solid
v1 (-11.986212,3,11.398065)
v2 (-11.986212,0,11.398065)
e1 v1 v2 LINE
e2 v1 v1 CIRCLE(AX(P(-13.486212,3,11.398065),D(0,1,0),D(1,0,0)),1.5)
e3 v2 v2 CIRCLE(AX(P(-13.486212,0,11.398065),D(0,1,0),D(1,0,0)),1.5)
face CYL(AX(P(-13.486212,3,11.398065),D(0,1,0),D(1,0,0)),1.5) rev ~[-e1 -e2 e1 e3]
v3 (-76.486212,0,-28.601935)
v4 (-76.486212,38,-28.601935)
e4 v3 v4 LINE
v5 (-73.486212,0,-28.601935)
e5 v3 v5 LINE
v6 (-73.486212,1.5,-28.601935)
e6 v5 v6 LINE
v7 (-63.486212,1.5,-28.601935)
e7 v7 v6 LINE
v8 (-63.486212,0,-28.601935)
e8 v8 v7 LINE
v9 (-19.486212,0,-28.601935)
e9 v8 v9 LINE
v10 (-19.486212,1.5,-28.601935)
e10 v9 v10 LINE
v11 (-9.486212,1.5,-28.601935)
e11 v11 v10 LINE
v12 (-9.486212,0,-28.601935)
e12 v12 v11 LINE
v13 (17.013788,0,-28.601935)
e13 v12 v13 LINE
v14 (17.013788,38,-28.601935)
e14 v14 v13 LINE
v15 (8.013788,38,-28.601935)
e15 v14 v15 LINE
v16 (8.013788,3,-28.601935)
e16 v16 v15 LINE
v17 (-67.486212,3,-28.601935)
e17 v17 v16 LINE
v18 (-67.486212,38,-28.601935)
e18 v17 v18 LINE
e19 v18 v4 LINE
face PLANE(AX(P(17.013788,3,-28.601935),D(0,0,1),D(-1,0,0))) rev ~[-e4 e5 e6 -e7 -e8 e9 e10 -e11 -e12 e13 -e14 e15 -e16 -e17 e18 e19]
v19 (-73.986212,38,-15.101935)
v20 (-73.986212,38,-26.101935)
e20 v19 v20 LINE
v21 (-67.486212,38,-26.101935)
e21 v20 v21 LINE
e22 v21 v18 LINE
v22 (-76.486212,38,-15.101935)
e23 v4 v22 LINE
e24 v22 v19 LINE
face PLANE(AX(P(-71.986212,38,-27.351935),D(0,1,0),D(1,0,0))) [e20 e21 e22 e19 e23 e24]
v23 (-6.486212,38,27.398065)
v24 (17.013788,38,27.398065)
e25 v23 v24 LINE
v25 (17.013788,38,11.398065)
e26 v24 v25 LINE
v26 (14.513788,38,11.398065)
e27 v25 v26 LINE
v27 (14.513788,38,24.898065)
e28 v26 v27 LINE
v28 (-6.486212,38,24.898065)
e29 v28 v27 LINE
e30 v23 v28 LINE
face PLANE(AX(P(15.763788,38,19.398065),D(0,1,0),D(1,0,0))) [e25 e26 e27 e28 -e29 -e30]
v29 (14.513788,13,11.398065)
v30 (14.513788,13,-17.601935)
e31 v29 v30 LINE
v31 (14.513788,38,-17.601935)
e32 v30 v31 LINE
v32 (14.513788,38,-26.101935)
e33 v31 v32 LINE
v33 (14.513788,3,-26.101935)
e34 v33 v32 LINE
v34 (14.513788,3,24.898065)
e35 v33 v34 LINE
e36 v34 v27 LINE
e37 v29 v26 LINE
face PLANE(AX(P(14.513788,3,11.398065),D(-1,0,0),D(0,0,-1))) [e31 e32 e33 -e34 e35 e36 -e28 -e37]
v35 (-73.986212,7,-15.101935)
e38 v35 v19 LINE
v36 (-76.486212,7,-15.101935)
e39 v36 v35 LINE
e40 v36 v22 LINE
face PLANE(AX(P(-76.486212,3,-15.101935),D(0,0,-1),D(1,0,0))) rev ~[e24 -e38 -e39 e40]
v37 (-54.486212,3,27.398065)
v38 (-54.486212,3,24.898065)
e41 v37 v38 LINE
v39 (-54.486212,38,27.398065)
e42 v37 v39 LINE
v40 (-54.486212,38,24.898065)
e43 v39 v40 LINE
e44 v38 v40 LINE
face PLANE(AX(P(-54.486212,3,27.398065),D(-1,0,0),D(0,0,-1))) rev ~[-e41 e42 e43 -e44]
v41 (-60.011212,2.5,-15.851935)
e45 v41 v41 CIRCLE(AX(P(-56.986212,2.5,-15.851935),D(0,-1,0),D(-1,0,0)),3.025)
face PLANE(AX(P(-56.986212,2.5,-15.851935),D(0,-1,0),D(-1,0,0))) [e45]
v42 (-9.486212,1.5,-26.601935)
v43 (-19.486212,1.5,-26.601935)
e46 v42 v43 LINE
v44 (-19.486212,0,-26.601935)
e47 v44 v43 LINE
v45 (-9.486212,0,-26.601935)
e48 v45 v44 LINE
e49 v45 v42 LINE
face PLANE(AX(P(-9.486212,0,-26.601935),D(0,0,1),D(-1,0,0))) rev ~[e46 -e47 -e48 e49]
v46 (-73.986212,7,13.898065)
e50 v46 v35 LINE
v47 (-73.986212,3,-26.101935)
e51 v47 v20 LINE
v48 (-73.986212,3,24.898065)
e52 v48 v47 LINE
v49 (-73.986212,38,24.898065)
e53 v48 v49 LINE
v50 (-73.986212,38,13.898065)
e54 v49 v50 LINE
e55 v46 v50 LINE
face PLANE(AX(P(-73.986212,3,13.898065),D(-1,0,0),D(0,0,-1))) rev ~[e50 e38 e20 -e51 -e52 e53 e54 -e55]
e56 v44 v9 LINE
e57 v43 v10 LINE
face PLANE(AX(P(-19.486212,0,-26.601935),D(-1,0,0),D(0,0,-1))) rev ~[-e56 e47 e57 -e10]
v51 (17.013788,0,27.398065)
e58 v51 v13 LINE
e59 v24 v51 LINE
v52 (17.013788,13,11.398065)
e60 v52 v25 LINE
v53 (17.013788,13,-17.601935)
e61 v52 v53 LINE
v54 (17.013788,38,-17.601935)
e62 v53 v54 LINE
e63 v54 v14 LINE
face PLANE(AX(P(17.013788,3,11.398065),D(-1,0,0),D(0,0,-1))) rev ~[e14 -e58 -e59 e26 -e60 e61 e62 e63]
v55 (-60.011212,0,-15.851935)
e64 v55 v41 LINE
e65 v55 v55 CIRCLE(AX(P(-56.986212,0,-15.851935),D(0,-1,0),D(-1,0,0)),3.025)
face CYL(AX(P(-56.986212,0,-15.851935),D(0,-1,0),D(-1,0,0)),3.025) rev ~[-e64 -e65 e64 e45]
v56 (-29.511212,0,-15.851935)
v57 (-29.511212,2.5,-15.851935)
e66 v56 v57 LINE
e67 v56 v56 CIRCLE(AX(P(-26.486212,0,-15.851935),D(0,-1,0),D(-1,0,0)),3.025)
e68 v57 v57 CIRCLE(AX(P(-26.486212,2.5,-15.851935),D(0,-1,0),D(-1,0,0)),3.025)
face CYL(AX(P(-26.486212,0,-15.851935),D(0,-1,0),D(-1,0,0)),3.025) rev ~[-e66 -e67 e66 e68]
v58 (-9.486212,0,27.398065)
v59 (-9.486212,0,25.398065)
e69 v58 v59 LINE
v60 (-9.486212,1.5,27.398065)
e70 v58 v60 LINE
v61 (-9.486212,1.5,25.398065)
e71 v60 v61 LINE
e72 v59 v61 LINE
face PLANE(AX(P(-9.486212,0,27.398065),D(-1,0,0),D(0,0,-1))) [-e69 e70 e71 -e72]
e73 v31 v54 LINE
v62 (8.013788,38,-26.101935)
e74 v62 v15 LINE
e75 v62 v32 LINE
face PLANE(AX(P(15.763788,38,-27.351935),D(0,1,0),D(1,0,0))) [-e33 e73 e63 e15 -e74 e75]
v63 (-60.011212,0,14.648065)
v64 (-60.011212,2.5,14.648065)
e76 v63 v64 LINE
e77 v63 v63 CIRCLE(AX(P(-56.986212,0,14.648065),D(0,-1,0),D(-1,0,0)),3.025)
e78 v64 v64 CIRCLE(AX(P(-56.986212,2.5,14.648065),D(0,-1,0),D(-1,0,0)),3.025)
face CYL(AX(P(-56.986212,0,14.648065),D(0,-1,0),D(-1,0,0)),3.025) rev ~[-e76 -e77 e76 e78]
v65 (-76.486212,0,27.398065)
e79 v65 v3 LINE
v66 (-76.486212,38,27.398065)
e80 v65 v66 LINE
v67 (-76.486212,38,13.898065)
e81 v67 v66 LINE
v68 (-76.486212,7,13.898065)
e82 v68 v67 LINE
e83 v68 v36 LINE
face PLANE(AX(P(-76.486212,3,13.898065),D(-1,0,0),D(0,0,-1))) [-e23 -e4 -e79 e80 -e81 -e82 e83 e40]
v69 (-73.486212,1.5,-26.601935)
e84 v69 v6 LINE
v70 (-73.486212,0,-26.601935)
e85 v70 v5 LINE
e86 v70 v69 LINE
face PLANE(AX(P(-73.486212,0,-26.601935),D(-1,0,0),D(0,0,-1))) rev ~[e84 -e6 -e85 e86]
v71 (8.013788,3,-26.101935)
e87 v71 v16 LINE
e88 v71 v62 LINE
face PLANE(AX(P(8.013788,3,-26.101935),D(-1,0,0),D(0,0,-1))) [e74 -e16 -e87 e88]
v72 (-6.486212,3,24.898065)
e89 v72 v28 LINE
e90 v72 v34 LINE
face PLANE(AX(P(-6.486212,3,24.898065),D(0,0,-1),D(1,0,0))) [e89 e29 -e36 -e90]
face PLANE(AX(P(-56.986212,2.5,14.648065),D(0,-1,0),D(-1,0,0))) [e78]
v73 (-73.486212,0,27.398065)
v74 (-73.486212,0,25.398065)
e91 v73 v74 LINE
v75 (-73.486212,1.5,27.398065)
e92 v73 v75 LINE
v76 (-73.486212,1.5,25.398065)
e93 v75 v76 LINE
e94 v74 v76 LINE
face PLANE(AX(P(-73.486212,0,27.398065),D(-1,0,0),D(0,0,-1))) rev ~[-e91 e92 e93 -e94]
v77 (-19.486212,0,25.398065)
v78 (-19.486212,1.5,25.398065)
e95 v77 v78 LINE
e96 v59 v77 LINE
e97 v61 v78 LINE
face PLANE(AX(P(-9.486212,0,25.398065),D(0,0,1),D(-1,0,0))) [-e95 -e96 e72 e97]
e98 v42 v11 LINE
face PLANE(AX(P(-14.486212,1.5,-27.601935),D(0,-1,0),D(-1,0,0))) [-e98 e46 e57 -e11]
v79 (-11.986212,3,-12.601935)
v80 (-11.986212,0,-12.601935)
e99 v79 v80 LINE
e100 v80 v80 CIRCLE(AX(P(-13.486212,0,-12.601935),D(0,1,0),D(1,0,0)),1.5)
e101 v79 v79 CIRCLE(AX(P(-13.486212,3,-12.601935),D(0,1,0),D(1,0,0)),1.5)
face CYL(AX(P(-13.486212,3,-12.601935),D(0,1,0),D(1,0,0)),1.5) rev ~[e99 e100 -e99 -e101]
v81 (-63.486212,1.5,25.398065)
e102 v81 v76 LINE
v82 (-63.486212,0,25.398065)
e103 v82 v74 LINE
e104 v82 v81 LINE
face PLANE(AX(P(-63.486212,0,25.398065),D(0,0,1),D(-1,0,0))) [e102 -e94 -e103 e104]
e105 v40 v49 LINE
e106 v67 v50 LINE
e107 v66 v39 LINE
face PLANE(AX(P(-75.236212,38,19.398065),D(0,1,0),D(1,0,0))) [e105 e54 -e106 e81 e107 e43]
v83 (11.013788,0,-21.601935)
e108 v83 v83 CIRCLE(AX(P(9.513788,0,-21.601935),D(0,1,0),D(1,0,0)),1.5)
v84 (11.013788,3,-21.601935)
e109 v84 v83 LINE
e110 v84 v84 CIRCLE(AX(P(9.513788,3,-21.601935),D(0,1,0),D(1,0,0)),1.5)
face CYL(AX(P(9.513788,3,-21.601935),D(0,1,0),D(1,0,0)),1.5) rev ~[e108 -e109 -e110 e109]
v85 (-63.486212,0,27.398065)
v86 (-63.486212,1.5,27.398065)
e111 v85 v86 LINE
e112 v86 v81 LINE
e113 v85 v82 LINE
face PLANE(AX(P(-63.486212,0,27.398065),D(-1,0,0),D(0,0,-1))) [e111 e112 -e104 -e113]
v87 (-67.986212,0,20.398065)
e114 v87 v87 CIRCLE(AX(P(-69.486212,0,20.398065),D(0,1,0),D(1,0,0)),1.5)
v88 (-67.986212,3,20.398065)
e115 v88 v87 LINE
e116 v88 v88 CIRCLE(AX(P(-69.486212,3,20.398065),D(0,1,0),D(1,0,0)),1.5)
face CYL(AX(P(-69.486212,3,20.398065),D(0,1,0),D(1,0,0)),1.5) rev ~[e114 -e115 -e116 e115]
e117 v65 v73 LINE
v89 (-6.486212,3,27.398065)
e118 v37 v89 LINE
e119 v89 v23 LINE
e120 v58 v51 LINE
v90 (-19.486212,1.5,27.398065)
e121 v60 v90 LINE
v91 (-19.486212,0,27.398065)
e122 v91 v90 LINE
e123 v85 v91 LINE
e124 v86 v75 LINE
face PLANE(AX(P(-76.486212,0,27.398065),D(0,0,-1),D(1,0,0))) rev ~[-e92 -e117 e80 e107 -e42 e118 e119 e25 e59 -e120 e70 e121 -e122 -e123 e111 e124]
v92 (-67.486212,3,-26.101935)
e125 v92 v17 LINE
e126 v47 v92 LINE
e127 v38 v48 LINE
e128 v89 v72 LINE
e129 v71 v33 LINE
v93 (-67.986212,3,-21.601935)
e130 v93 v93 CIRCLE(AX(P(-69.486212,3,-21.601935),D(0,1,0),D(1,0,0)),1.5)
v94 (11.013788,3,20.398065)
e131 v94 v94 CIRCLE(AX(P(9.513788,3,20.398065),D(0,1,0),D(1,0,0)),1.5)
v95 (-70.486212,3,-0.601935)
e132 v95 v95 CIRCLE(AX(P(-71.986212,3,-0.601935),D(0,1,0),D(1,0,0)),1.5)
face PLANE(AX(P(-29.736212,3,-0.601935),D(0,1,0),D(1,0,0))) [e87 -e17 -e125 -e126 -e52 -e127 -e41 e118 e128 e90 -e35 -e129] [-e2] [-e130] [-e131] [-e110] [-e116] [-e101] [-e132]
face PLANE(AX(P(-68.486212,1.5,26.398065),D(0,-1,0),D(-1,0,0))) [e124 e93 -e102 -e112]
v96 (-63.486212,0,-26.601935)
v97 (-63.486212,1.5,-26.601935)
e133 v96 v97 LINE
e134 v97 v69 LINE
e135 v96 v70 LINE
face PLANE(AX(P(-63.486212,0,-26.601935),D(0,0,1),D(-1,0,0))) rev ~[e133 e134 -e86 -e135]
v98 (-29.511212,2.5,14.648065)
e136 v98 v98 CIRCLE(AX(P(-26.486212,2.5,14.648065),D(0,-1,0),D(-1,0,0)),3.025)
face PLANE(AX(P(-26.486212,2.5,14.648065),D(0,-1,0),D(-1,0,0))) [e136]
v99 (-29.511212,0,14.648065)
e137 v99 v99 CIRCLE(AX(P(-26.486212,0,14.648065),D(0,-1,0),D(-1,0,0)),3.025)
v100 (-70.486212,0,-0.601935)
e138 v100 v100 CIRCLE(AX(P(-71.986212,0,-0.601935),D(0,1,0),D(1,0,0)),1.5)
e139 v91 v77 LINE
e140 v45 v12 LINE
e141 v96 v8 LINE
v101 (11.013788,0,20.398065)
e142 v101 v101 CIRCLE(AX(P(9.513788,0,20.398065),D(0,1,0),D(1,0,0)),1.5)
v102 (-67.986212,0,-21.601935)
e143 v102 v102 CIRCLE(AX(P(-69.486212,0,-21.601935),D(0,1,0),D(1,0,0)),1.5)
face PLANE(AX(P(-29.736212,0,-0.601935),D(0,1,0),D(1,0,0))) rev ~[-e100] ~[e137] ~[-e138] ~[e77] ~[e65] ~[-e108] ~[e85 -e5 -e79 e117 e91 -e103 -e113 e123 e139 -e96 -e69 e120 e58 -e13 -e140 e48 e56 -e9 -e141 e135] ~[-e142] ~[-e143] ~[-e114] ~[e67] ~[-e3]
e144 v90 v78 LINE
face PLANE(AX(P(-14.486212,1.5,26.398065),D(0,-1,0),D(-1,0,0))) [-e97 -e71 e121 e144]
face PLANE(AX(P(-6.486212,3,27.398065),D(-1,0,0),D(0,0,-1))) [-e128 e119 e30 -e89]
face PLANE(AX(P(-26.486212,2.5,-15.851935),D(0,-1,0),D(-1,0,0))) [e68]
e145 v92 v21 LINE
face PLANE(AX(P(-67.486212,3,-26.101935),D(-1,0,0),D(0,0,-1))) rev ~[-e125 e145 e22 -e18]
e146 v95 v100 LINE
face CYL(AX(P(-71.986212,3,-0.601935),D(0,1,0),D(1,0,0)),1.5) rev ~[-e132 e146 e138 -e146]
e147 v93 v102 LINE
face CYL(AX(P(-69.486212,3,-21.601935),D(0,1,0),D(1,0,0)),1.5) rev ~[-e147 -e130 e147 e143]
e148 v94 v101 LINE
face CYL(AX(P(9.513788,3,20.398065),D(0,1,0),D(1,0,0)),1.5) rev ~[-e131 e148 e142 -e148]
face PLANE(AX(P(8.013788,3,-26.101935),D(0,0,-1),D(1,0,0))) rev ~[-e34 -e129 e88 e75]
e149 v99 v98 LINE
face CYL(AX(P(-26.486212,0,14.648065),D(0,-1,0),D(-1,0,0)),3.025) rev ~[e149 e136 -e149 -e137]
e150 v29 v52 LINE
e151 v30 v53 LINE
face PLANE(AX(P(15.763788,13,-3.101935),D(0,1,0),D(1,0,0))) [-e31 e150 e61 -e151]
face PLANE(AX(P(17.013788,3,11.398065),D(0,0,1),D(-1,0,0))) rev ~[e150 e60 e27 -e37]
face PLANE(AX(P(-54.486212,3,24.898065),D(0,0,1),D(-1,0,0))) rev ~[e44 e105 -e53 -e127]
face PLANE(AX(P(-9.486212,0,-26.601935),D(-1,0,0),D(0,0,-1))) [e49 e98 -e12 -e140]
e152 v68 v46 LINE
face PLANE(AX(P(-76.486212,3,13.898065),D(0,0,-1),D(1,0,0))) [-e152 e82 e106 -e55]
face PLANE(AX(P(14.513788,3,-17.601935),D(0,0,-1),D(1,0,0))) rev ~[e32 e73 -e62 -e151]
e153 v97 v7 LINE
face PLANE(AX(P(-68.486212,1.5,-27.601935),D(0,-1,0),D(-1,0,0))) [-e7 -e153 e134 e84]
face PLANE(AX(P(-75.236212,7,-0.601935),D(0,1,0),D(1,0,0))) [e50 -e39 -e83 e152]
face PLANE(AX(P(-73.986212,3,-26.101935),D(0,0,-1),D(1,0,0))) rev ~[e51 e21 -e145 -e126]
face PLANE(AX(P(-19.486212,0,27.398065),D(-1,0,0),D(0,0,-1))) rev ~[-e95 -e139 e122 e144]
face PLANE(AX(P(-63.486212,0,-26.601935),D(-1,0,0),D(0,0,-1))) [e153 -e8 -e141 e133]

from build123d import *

# Parameters (mm, degrees)
SKETCH2_W           = 93.5
SKETCH2_H           = 56
BOSS_EXTRUDE1_DEPTH = 3
SKETCH3_R           = 1.5
CUT_EXTRUDE5_DEPTH  = 4
SKETCH5_R           = 3.025
CUT_EXTRUDE7_DEPTH  = 2.5
SKETCH6_W           = 2.5
SKETCH6_H           = 2.5
SKETCH6_W_2         = 6.5
SKETCH6_H_2         = 8.5
SKETCH6_W_3         = 21
SKETCH6_H_3         = 11
BOSS_EXTRUDE2_DEPTH = 35
SKETCH8_R           = 1.5
CUT_EXTRUDE8_DEPTH  = 4
SKETCH9_W           = 10
SKETCH9_H           = 2
CUT_EXTRUDE9_DEPTH  = 1.5
SKETCH11_W          = 2.5
SKETCH11_H          = 29
BOSS_EXTRUDE4_DEPTH = 10
SKETCH12_W          = 2.5
SKETCH12_H          = 29
BOSS_EXTRUDE5_DEPTH = 4


with BuildPart() as part:
    # Sketch2 → Boss-Extrude1 (new body)
    with BuildSketch(Plane(origin=(0, 0, 0), x_dir=(1, 0, 0), z_dir=(0, 1, 0))):
        with Locations((-29.736211897, 0.601935214)):
            Rectangle(SKETCH2_W, SKETCH2_H)
    extrude(amount=BOSS_EXTRUDE1_DEPTH)

    # Sketch3 → Cut-Extrude5 (cut, through all)
    with BuildSketch(Plane(origin=(0, 3, 0), x_dir=(1, 0, 0), z_dir=(0, 1, 0))):
        with Locations((-13.486211897, 12.601935214)):
            Circle(SKETCH3_R)
        with Locations((-13.486211897, -11.398064786)):
            Circle(SKETCH3_R)
        with Locations((-71.986211897, 0.601935214)):
            Circle(SKETCH3_R)
    extrude(amount=-CUT_EXTRUDE5_DEPTH, mode=Mode.SUBTRACT)

    # Sketch5 → Cut-Extrude7 (cut)
    with BuildSketch(Plane(origin=(0, 0, 0), x_dir=(-1, 0, 0), z_dir=(0, -1, 0))):
        with Locations((26.486211897, 15.851935214)):
            Circle(SKETCH5_R)
        with Locations((26.486211897, -14.648064786)):
            Circle(SKETCH5_R)
        with Locations((56.986211897, -14.648064786)):
            Circle(SKETCH5_R)
        with Locations((56.986211897, 15.851935214)):
            Circle(SKETCH5_R)
    extrude(amount=-CUT_EXTRUDE7_DEPTH, mode=Mode.SUBTRACT)

    # Sketch6 → Boss-Extrude2 (add)
    with BuildSketch(Plane(origin=(0, 3, 0), x_dir=(1, 0, 0), z_dir=(0, 1, 0))):
        with Locations((15.763788103, 27.351935214)):
            Rectangle(SKETCH6_W, SKETCH6_H)
        with Locations((11.263788103, 27.351935214)):
            Rectangle(SKETCH6_W_2, SKETCH6_H)
        with Locations((15.763788103, 21.851935214)):
            Rectangle(SKETCH6_W, SKETCH6_H_2)
        Polygon((17.013788103, -11.398064786), (14.513788103, -11.398064786), (14.513788103, -24.898064786), (14.513788103, -27.398064786), (17.013788103, -27.398064786), align=None)
        with Locations((4.013788103, -26.148064786)):
            Rectangle(SKETCH6_W_3, SKETCH6_H)
        with Locations((-75.236211897, -19.398064786)):
            Rectangle(SKETCH6_W, SKETCH6_H_3)
        Polygon((-73.986211897, -24.898064786), (-76.486211897, -24.898064786), (-76.486211897, -27.398064786), (-54.486211897, -27.398064786), (-54.486211897, -24.898064786), align=None)
        Polygon((-76.486211897, 28.601935214), (-76.486211897, 26.101935214), (-73.986211897, 26.101935214), (-67.486211897, 26.101935214), (-67.486211897, 28.601935214), align=None)
        with Locations((-75.236211897, 20.601935214)):
            Rectangle(SKETCH6_W, SKETCH6_H_3)
    extrude(amount=BOSS_EXTRUDE2_DEPTH)

    # Sketch8 → Cut-Extrude8 (cut, through all)
    with BuildSketch(Plane(origin=(0, 3, 0), x_dir=(1, 0, 0), z_dir=(0, 1, 0))):
        with Locations((-69.486211897, -20.398064786)):
            Circle(SKETCH8_R)
        with Locations((-69.486211897, 21.601935214)):
            Circle(SKETCH8_R)
        with Locations((9.513788103, -20.398064786)):
            Circle(SKETCH8_R)
        with Locations((9.513788103, 21.601935214)):
            Circle(SKETCH8_R)
    extrude(amount=-CUT_EXTRUDE8_DEPTH, mode=Mode.SUBTRACT)

    # Sketch9 → Cut-Extrude9 (cut)
    with BuildSketch(Plane(origin=(0, 0, 0), x_dir=(-1, 0, 0), z_dir=(0, -1, 0))):
        with Locations((68.486211897, 27.601935214)):
            Rectangle(SKETCH9_W, SKETCH9_H)
        with Locations((68.486211897, -26.398064786)):
            Rectangle(SKETCH9_W, SKETCH9_H)
        with Locations((14.486211897, 27.601935214)):
            Rectangle(SKETCH9_W, SKETCH9_H)
        with Locations((14.486211897, -26.398064786)):
            Rectangle(SKETCH9_W, SKETCH9_H)
    extrude(amount=-CUT_EXTRUDE9_DEPTH, mode=Mode.SUBTRACT)

    # Sketch11 → Boss-Extrude4 (add)
    with BuildSketch(Plane(origin=(0, 3, 0), x_dir=(1, 0, 0), z_dir=(0, 1, 0))):
        with Locations((15.763788103, 3.101935214)):
            Rectangle(SKETCH11_W, SKETCH11_H)
    extrude(amount=BOSS_EXTRUDE4_DEPTH)

    # Sketch12 → Boss-Extrude5 (add)
    with BuildSketch(Plane(origin=(0, 3, 0), x_dir=(1, 0, 0), z_dir=(0, 1, 0))):
        with Locations((-75.236211897, 0.601935214)):
            Rectangle(SKETCH12_W, SKETCH12_H)
    extrude(amount=BOSS_EXTRUDE5_DEPTH)


solid = part.part
